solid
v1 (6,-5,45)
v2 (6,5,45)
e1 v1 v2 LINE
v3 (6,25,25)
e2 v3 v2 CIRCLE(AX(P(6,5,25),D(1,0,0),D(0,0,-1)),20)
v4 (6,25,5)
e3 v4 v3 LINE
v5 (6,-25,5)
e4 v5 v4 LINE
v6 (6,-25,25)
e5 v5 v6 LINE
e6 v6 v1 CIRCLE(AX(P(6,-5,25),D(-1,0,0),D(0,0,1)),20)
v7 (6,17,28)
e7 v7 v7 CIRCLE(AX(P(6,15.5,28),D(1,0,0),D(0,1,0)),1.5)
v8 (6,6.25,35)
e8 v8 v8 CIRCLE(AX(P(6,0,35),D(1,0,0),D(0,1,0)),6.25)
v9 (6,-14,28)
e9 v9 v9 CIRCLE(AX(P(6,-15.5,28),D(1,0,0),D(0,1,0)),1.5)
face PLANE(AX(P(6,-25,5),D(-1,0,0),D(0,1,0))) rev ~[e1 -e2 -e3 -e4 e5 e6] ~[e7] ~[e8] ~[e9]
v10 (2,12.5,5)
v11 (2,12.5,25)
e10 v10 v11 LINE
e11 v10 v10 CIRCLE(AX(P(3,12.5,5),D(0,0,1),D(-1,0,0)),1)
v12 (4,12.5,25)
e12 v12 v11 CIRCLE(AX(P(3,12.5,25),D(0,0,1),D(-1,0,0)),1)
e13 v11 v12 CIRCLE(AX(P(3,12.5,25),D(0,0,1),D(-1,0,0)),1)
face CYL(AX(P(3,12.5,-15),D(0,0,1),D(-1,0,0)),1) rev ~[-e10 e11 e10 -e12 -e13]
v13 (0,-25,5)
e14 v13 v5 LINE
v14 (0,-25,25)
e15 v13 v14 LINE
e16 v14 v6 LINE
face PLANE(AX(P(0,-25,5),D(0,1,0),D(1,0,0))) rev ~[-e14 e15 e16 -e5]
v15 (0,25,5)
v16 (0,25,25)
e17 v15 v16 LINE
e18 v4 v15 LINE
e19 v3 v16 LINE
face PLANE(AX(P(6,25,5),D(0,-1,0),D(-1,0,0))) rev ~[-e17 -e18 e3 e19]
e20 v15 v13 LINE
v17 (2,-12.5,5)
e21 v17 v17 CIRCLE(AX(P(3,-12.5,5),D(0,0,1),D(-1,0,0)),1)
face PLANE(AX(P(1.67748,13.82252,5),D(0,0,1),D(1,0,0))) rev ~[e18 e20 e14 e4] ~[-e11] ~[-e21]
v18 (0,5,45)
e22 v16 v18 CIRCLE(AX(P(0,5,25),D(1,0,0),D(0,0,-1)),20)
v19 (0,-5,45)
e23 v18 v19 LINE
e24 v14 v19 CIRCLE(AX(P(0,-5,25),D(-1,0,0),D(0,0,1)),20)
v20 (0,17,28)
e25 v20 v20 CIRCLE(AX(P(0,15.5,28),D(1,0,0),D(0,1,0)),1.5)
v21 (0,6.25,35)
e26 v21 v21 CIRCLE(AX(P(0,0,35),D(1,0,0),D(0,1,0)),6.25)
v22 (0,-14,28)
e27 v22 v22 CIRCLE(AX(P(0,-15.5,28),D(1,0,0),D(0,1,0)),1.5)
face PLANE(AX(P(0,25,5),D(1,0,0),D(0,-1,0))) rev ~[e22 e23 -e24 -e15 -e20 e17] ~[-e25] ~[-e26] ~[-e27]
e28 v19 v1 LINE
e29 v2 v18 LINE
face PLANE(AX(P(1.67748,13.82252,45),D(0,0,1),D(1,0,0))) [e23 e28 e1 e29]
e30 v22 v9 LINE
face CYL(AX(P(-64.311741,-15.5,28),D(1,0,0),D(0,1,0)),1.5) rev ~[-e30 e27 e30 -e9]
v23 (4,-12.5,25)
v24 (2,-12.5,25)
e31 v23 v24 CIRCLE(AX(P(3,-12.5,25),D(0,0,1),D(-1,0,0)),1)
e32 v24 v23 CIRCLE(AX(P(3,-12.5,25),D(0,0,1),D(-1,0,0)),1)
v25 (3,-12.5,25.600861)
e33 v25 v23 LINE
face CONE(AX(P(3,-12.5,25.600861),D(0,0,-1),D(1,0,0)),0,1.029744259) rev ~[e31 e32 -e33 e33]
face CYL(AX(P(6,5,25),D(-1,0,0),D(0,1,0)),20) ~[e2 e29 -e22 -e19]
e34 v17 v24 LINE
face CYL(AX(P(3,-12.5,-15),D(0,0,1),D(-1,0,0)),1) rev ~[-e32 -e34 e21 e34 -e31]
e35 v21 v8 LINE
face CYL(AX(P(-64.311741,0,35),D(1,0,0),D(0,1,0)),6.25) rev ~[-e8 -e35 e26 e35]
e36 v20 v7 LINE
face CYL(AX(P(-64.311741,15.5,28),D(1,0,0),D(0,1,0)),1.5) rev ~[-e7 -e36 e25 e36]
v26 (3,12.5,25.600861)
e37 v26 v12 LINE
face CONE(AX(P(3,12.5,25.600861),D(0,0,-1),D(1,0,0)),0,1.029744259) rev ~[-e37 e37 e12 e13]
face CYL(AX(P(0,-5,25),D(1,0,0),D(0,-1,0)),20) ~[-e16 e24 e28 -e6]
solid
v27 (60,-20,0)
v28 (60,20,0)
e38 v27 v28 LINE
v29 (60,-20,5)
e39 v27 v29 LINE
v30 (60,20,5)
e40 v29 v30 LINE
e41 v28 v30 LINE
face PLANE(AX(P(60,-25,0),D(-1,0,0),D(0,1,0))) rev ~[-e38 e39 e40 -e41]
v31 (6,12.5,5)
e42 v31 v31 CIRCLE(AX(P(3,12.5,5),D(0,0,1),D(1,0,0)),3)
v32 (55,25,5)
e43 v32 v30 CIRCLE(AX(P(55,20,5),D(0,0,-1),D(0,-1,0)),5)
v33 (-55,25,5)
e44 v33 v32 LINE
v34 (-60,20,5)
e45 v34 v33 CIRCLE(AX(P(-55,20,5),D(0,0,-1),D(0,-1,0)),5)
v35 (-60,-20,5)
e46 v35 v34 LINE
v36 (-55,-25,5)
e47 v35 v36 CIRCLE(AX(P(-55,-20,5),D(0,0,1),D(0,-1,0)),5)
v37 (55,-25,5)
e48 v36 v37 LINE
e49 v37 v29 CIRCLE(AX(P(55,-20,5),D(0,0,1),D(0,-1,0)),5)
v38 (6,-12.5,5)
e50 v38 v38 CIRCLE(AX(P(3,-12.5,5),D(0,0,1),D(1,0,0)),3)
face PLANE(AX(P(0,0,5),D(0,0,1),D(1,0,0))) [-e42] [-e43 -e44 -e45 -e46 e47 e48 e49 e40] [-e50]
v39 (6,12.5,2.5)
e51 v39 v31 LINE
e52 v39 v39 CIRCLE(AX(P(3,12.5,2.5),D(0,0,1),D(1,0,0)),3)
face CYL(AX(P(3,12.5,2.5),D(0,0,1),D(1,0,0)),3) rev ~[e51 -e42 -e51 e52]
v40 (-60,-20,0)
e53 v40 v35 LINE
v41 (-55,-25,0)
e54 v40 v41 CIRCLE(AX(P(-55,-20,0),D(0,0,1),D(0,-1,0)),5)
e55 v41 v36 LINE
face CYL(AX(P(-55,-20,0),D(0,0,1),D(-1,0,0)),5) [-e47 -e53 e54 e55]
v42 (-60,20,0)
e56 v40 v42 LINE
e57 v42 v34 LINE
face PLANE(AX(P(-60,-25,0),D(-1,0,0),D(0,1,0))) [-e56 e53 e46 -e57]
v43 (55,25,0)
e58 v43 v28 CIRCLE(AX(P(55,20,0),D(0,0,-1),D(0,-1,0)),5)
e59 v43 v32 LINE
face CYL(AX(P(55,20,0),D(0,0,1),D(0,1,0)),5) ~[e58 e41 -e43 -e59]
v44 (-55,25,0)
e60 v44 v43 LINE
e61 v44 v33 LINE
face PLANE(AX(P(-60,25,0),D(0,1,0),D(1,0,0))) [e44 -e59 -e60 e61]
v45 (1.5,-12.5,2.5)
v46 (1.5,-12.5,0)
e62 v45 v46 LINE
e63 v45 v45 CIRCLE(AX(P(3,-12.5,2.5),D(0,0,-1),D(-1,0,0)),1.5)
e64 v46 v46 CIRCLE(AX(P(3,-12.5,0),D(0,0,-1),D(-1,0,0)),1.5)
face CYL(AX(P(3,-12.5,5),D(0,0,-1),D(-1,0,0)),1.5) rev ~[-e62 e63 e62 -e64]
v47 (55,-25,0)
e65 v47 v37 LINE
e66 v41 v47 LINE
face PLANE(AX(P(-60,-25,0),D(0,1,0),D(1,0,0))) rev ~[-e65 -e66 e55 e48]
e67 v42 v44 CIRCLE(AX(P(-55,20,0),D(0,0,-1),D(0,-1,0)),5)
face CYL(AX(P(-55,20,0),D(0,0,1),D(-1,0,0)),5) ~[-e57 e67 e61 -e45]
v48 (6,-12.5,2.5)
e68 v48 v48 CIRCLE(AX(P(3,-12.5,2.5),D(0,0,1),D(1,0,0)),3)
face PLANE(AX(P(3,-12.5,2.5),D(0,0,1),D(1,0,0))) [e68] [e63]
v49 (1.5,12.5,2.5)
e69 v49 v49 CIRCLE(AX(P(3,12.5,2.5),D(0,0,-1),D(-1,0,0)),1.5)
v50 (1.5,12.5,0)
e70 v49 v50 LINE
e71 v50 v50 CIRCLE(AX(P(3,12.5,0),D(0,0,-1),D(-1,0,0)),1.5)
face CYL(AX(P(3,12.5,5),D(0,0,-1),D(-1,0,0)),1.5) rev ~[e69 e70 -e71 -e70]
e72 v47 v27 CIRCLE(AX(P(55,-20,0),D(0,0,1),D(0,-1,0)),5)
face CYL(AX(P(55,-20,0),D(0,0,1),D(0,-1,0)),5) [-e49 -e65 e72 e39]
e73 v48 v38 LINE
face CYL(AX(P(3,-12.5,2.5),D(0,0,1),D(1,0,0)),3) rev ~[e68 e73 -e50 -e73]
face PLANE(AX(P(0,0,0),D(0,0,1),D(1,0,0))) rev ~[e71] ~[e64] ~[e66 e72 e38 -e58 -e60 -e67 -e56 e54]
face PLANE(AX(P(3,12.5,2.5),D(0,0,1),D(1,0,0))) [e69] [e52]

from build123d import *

# Parameters (mm, degrees)
F0_W           = 120
F0_H           = 50
F1_DEPTH       = 5
F3_DEPTH       = 40
F4_R           = 20
F6_D           = 12.5
F7_D           = 3
F8_D           = 3
F8_CBORE_D     = 6
F8_CBORE_DEPTH = 2.5
F9_D           = 2
F9_DEPTH       = 20
F9_TIP         = 0.600860619
F10_R          = 5


with BuildPart() as f1:
    # F0 (on Top) → F1 (new body)
    with BuildSketch(Plane.XY):
        Rectangle(F0_W, F0_H)
    extrude(amount=F1_DEPTH)

    # F8 (through all)
    with Locations(Plane.XY.offset(5)):
        with Locations((3, 12.5), (3, -12.5)):
            CounterBoreHole(F8_D / 2, F8_CBORE_D / 2, F8_CBORE_DEPTH)

    # F10
    f10_edges = [f1.edges().sort_by_distance(p)[0] for p in [
        (-60, -25, 2.5),
        (-60, 25, 2.5),
        (60, -25, 2.5),
        (60, 25, 2.5),
    ]]
    fillet(f10_edges, radius=F10_R)


with BuildPart() as f3:
    # F2 (on face) → F3 (new body)
    with BuildSketch(Plane.XY.offset(5)):
        Polygon((6, 25), (0, 25), (0, 0), align=None)
        Polygon((6, -25), (6, 25), (0, 0), (0, -25), align=None)
    extrude(amount=F3_DEPTH)

    # F4
    f4_edges = [f3.edges().sort_by_distance(p)[0] for p in [
        (3, -25, 45),
        (3, 25, 45),
    ]]
    fillet(f4_edges, radius=F4_R)

    # F6 (through all)
    with Locations(Plane(origin=(0, 0, 0), x_dir=(0, -1, 0), z_dir=(-1, 0, 0))):
        with Locations((0, 35)):
            Hole(F6_D / 2)

    # F7 (through all)
    with Locations(Plane(origin=(0, 0, 0), x_dir=(0, -1, 0), z_dir=(-1, 0, 0))):
        with Locations((-15.5, 28), (15.5, 28)):
            Hole(F7_D / 2)

    # F9
    with Locations(Plane(origin=(0, 0, 5), x_dir=(1, 0, 0), z_dir=(0, 0, -1))):
        with Locations((3, 12.5), (3, -12.5)):
            Hole(F9_D / 2, depth=F9_DEPTH)
            with Locations((0, 0, -(F9_DEPTH + F9_TIP / 2))):  # 118° drill point
                Cone(0, F9_D / 2, F9_TIP, mode=Mode.SUBTRACT)


solid = Compound([f1.part, f3.part])
